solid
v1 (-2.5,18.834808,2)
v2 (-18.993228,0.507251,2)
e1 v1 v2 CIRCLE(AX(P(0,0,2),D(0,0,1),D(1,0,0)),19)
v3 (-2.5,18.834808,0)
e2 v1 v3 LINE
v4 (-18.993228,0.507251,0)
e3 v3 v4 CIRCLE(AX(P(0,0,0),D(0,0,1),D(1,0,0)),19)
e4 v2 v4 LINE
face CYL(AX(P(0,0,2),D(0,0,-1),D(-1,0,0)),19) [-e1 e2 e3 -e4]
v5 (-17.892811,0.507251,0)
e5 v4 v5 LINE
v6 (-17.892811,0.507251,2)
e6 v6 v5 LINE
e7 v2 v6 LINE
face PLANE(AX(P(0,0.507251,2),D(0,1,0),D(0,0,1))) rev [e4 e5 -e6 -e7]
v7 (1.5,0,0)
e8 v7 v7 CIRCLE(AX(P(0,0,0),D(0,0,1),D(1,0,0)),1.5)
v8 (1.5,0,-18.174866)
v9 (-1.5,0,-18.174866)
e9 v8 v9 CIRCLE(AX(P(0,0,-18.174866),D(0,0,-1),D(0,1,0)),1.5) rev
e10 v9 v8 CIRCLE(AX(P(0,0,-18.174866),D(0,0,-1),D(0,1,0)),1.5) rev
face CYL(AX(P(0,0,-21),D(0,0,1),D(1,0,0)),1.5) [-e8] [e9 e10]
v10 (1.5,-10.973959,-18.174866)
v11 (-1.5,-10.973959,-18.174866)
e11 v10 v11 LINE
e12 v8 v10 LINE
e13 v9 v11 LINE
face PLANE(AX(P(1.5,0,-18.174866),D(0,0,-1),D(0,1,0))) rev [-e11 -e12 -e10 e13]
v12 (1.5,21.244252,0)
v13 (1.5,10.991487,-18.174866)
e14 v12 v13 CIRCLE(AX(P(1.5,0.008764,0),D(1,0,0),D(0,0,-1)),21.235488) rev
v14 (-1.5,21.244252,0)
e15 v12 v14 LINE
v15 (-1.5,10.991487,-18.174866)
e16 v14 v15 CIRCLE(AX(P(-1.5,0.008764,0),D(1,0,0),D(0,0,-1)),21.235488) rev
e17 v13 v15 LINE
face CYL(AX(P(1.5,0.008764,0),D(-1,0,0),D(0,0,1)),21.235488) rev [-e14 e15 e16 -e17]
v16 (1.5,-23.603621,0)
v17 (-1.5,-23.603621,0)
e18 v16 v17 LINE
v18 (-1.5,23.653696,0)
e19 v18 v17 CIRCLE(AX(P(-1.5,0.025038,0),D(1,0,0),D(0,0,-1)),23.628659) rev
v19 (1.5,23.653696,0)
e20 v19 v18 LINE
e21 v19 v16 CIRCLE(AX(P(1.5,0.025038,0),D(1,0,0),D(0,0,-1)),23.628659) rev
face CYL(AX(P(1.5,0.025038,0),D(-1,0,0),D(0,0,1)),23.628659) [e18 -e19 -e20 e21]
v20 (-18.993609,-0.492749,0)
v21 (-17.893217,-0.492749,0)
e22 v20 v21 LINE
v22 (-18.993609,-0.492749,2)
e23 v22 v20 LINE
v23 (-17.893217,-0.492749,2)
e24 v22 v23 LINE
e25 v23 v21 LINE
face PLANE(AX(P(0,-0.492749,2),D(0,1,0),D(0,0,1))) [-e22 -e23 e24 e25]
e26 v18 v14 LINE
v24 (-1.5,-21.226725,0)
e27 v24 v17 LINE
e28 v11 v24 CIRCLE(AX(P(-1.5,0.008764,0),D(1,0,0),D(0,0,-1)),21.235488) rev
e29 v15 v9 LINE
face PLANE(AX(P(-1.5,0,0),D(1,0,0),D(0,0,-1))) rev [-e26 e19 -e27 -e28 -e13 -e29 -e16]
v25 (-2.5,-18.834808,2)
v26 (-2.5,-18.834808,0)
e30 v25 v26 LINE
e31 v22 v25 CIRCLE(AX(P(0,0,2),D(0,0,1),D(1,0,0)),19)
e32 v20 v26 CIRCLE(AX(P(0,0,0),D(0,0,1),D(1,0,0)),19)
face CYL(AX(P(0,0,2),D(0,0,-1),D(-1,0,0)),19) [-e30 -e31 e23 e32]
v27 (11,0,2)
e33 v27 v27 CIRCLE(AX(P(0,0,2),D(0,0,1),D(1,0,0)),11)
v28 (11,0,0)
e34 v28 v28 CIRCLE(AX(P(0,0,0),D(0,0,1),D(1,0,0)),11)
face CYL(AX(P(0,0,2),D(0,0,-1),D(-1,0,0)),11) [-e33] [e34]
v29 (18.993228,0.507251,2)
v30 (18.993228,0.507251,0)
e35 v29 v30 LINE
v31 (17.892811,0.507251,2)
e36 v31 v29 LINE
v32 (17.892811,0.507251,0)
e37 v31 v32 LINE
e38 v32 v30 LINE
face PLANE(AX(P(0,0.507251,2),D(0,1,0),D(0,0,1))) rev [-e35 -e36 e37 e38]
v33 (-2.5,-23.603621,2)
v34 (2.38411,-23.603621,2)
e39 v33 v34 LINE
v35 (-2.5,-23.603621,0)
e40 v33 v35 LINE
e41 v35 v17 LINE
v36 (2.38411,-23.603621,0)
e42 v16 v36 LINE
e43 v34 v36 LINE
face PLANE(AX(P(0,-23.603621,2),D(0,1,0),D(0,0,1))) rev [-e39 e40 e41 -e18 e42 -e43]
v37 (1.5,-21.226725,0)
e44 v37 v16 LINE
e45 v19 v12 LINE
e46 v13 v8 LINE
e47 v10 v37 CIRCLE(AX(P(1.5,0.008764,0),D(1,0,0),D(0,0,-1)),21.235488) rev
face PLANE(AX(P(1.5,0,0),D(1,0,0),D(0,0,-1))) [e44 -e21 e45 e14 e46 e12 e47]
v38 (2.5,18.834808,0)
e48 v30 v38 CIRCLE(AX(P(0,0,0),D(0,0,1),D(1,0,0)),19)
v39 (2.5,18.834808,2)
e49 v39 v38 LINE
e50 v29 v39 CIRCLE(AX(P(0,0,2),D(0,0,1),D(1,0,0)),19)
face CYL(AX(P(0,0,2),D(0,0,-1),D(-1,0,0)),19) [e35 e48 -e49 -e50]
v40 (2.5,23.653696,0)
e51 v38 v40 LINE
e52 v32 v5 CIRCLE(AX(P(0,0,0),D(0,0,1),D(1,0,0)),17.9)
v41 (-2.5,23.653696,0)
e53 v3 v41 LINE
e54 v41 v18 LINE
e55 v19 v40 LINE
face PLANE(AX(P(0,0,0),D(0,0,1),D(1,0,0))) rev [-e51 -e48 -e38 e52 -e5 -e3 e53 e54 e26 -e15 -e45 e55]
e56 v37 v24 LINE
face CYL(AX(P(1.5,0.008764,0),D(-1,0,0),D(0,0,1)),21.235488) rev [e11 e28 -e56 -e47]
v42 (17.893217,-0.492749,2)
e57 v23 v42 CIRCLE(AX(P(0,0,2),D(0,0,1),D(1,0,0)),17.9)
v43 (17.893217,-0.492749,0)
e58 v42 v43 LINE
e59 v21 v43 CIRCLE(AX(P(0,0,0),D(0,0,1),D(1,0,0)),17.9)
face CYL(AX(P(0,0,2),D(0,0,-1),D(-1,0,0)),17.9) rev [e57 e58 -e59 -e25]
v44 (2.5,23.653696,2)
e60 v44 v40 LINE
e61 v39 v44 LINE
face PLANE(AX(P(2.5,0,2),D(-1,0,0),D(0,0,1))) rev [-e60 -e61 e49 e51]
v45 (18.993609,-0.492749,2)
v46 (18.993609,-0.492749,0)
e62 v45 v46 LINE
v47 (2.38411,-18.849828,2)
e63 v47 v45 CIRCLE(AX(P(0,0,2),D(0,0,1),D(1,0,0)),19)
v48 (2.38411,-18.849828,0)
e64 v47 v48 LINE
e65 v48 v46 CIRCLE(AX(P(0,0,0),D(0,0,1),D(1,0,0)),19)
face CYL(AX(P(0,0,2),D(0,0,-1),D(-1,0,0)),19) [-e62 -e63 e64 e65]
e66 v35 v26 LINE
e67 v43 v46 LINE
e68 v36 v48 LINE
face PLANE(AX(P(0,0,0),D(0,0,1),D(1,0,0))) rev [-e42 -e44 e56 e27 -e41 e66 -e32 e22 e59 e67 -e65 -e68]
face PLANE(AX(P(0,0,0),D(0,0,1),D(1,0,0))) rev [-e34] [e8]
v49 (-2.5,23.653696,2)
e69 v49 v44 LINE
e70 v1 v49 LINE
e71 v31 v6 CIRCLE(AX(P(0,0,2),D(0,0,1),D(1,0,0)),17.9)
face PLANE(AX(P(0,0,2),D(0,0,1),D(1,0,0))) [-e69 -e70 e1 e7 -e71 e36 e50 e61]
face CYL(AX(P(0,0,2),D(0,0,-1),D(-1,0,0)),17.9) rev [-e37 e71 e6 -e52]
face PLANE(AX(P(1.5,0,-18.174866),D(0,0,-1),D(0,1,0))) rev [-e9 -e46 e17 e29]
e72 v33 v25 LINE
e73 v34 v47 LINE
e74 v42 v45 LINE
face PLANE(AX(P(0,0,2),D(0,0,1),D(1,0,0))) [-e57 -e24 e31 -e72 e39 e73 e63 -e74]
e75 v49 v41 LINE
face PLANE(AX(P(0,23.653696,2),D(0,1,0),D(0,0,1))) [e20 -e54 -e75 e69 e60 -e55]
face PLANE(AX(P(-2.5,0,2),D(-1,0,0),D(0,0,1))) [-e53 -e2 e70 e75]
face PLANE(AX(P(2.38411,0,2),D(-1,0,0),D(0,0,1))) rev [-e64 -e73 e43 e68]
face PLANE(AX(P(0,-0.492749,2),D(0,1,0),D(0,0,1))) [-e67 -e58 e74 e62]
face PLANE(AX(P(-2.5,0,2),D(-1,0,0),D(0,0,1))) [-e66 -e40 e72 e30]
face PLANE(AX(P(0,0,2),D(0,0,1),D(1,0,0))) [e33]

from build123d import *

# Parameters (mm, degrees)
BOSS_EXTRUDE10_DEPTH = 2
BOSS_EXTRUDE11_DEPTH = 1.5
SKETCH8_R            = 1.5
BOSS_EXTRUDE12_DEPTH = 21


with BuildPart() as part:
    # Sketch1 → Boss-Extrude10 (new body)
    with BuildSketch(Plane.XY):
        with BuildLine():
            ThreePointArc((2.5, 18.834808202), (0, 19), (-2.5, 18.834808202))
            Line((-2.5, 18.834808202), (-2.5, 18.653696235))
            Line((-2.5, 18.653696235), (2.5, 18.653696235))
            Line((2.5, 18.653696235), (2.5, 18.834808202))
        make_face()
        with BuildLine():
            Line((-2.5, 23.653696235), (-2.5, 18.834808202))
            ThreePointArc((-2.5, 18.834808202), (0, 19), (2.5, 18.834808202))
            Line((2.5, 18.834808202), (2.5, 23.653696235))
            Line((2.5, 23.653696235), (-2.5, 23.653696235))
        make_face()
        with BuildLine():
            ThreePointArc((-2.5, 18.834808202), (-14.123191749, 12.709659901), (-18.993227641, 0.507251182))
            Line((-18.993227641, 0.507251182), (-17.892811301, 0.507251182))
            ThreePointArc((-17.892811301, 0.507251182), (0, 17.9), (17.892811301, 0.507251182))
            Line((17.892811301, 0.507251182), (18.993227641, 0.507251182))
            ThreePointArc((18.993227641, 0.507251182), (14.123191749, 12.709659901), (2.5, 18.834808202))
            Line((2.5, 18.834808202), (2.5, 18.653696235))
            Line((2.5, 18.653696235), (-2.5, 18.653696235))
            Line((-2.5, 18.653696235), (-2.5, 18.834808202))
        make_face()
        with BuildLine():
            Line((-17.893216553, -0.492748818), (-18.993609415, -0.492748818))
            ThreePointArc((-18.993609415, -0.492748818), (-14.12804293, -12.704267117), (-2.5, -18.834808202))
            Line((-2.5, -18.834808202), (-2.5, -18.60362099))
            Line((-2.5, -18.60362099), (2.384110391, -18.60362099))
            Line((2.384110391, -18.60362099), (2.384110391, -18.849828053))
            ThreePointArc((2.384110391, -18.849828053), (14.088907535, -12.747654077), (18.993609415, -0.492748818))
            Line((18.993609415, -0.492748818), (17.893216553, -0.492748818))
            ThreePointArc((17.893216553, -0.492748818), (0, -17.9), (-17.893216553, -0.492748818))
        make_face()
        with BuildLine():
            Line((10.988958031, -0.492748818), (-10.988958031, -0.492748818))
            ThreePointArc((-10.988958031, -0.492748818), (0, -11), (10.988958031, -0.492748818))
        make_face()
        with BuildLine():
            Line((10.98829815, 0.507251182), (-10.98829815, 0.507251182))
            ThreePointArc((-10.98829815, 0.507251182), (-10.999997605, 0.007258684), (-10.988958031, -0.492748818))
            Line((-10.988958031, -0.492748818), (10.988958031, -0.492748818))
            ThreePointArc((10.988958031, -0.492748818), (10.997239161, -0.246436261), (11, 0))
            ThreePointArc((11, 0), (10.997074148, 0.25369307), (10.98829815, 0.507251182))
        make_face()
        with BuildLine():
            ThreePointArc((10.98829815, 0.507251182), (0, 11), (-10.98829815, 0.507251182))
            Line((-10.98829815, 0.507251182), (10.98829815, 0.507251182))
        make_face()
        with BuildLine():
            ThreePointArc((2.384110391, -18.849828053), (-0.058429439, -18.999910158), (-2.5, -18.834808202))
            Line((-2.5, -18.834808202), (-2.5, -23.60362099))
            Line((-2.5, -23.60362099), (2.384110391, -23.60362099))
            Line((2.384110391, -23.60362099), (2.384110391, -18.849828053))
        make_face()
        with BuildLine():
            Line((-2.5, -18.60362099), (-2.5, -18.834808202))
            ThreePointArc((-2.5, -18.834808202), (-0.058429439, -18.999910158), (2.384110391, -18.849828053))
            Line((2.384110391, -18.849828053), (2.384110391, -18.60362099))
            Line((2.384110391, -18.60362099), (-2.5, -18.60362099))
        make_face()
    extrude(amount=BOSS_EXTRUDE10_DEPTH)

    # Sketch7 → Boss-Extrude11 (add, symmetric)
    with BuildSketch(Plane(origin=(0, 0, 0), x_dir=(0, 0, -1), z_dir=(1, 0, 0))):
        with BuildLine():
            ThreePointArc((0, 21.244252218), (21.23548837, 0.008763848), (0, -21.226724522))
            Line((0, -21.226724522), (0, -23.60362099))
            ThreePointArc((0, -23.60362099), (23.628658612, 0.025037622), (0, 23.653696235))
            Line((0, 23.653696235), (0, 21.244252218))
        make_face()
        with BuildLine():
            ThreePointArc((18.174866248, -10.973959092), (21.23548837, 0.008763848), (18.174866248, 10.991486788))
            Line((18.174866248, 10.991486788), (18.174866248, -10.973959092))
        make_face()
    extrude(amount=BOSS_EXTRUDE11_DEPTH, both=True)

    # Sketch8 → Boss-Extrude12 (add)
    with BuildSketch(Plane.XY):
        Circle(SKETCH8_R)
    extrude(amount=-BOSS_EXTRUDE12_DEPTH)


solid = part.part
